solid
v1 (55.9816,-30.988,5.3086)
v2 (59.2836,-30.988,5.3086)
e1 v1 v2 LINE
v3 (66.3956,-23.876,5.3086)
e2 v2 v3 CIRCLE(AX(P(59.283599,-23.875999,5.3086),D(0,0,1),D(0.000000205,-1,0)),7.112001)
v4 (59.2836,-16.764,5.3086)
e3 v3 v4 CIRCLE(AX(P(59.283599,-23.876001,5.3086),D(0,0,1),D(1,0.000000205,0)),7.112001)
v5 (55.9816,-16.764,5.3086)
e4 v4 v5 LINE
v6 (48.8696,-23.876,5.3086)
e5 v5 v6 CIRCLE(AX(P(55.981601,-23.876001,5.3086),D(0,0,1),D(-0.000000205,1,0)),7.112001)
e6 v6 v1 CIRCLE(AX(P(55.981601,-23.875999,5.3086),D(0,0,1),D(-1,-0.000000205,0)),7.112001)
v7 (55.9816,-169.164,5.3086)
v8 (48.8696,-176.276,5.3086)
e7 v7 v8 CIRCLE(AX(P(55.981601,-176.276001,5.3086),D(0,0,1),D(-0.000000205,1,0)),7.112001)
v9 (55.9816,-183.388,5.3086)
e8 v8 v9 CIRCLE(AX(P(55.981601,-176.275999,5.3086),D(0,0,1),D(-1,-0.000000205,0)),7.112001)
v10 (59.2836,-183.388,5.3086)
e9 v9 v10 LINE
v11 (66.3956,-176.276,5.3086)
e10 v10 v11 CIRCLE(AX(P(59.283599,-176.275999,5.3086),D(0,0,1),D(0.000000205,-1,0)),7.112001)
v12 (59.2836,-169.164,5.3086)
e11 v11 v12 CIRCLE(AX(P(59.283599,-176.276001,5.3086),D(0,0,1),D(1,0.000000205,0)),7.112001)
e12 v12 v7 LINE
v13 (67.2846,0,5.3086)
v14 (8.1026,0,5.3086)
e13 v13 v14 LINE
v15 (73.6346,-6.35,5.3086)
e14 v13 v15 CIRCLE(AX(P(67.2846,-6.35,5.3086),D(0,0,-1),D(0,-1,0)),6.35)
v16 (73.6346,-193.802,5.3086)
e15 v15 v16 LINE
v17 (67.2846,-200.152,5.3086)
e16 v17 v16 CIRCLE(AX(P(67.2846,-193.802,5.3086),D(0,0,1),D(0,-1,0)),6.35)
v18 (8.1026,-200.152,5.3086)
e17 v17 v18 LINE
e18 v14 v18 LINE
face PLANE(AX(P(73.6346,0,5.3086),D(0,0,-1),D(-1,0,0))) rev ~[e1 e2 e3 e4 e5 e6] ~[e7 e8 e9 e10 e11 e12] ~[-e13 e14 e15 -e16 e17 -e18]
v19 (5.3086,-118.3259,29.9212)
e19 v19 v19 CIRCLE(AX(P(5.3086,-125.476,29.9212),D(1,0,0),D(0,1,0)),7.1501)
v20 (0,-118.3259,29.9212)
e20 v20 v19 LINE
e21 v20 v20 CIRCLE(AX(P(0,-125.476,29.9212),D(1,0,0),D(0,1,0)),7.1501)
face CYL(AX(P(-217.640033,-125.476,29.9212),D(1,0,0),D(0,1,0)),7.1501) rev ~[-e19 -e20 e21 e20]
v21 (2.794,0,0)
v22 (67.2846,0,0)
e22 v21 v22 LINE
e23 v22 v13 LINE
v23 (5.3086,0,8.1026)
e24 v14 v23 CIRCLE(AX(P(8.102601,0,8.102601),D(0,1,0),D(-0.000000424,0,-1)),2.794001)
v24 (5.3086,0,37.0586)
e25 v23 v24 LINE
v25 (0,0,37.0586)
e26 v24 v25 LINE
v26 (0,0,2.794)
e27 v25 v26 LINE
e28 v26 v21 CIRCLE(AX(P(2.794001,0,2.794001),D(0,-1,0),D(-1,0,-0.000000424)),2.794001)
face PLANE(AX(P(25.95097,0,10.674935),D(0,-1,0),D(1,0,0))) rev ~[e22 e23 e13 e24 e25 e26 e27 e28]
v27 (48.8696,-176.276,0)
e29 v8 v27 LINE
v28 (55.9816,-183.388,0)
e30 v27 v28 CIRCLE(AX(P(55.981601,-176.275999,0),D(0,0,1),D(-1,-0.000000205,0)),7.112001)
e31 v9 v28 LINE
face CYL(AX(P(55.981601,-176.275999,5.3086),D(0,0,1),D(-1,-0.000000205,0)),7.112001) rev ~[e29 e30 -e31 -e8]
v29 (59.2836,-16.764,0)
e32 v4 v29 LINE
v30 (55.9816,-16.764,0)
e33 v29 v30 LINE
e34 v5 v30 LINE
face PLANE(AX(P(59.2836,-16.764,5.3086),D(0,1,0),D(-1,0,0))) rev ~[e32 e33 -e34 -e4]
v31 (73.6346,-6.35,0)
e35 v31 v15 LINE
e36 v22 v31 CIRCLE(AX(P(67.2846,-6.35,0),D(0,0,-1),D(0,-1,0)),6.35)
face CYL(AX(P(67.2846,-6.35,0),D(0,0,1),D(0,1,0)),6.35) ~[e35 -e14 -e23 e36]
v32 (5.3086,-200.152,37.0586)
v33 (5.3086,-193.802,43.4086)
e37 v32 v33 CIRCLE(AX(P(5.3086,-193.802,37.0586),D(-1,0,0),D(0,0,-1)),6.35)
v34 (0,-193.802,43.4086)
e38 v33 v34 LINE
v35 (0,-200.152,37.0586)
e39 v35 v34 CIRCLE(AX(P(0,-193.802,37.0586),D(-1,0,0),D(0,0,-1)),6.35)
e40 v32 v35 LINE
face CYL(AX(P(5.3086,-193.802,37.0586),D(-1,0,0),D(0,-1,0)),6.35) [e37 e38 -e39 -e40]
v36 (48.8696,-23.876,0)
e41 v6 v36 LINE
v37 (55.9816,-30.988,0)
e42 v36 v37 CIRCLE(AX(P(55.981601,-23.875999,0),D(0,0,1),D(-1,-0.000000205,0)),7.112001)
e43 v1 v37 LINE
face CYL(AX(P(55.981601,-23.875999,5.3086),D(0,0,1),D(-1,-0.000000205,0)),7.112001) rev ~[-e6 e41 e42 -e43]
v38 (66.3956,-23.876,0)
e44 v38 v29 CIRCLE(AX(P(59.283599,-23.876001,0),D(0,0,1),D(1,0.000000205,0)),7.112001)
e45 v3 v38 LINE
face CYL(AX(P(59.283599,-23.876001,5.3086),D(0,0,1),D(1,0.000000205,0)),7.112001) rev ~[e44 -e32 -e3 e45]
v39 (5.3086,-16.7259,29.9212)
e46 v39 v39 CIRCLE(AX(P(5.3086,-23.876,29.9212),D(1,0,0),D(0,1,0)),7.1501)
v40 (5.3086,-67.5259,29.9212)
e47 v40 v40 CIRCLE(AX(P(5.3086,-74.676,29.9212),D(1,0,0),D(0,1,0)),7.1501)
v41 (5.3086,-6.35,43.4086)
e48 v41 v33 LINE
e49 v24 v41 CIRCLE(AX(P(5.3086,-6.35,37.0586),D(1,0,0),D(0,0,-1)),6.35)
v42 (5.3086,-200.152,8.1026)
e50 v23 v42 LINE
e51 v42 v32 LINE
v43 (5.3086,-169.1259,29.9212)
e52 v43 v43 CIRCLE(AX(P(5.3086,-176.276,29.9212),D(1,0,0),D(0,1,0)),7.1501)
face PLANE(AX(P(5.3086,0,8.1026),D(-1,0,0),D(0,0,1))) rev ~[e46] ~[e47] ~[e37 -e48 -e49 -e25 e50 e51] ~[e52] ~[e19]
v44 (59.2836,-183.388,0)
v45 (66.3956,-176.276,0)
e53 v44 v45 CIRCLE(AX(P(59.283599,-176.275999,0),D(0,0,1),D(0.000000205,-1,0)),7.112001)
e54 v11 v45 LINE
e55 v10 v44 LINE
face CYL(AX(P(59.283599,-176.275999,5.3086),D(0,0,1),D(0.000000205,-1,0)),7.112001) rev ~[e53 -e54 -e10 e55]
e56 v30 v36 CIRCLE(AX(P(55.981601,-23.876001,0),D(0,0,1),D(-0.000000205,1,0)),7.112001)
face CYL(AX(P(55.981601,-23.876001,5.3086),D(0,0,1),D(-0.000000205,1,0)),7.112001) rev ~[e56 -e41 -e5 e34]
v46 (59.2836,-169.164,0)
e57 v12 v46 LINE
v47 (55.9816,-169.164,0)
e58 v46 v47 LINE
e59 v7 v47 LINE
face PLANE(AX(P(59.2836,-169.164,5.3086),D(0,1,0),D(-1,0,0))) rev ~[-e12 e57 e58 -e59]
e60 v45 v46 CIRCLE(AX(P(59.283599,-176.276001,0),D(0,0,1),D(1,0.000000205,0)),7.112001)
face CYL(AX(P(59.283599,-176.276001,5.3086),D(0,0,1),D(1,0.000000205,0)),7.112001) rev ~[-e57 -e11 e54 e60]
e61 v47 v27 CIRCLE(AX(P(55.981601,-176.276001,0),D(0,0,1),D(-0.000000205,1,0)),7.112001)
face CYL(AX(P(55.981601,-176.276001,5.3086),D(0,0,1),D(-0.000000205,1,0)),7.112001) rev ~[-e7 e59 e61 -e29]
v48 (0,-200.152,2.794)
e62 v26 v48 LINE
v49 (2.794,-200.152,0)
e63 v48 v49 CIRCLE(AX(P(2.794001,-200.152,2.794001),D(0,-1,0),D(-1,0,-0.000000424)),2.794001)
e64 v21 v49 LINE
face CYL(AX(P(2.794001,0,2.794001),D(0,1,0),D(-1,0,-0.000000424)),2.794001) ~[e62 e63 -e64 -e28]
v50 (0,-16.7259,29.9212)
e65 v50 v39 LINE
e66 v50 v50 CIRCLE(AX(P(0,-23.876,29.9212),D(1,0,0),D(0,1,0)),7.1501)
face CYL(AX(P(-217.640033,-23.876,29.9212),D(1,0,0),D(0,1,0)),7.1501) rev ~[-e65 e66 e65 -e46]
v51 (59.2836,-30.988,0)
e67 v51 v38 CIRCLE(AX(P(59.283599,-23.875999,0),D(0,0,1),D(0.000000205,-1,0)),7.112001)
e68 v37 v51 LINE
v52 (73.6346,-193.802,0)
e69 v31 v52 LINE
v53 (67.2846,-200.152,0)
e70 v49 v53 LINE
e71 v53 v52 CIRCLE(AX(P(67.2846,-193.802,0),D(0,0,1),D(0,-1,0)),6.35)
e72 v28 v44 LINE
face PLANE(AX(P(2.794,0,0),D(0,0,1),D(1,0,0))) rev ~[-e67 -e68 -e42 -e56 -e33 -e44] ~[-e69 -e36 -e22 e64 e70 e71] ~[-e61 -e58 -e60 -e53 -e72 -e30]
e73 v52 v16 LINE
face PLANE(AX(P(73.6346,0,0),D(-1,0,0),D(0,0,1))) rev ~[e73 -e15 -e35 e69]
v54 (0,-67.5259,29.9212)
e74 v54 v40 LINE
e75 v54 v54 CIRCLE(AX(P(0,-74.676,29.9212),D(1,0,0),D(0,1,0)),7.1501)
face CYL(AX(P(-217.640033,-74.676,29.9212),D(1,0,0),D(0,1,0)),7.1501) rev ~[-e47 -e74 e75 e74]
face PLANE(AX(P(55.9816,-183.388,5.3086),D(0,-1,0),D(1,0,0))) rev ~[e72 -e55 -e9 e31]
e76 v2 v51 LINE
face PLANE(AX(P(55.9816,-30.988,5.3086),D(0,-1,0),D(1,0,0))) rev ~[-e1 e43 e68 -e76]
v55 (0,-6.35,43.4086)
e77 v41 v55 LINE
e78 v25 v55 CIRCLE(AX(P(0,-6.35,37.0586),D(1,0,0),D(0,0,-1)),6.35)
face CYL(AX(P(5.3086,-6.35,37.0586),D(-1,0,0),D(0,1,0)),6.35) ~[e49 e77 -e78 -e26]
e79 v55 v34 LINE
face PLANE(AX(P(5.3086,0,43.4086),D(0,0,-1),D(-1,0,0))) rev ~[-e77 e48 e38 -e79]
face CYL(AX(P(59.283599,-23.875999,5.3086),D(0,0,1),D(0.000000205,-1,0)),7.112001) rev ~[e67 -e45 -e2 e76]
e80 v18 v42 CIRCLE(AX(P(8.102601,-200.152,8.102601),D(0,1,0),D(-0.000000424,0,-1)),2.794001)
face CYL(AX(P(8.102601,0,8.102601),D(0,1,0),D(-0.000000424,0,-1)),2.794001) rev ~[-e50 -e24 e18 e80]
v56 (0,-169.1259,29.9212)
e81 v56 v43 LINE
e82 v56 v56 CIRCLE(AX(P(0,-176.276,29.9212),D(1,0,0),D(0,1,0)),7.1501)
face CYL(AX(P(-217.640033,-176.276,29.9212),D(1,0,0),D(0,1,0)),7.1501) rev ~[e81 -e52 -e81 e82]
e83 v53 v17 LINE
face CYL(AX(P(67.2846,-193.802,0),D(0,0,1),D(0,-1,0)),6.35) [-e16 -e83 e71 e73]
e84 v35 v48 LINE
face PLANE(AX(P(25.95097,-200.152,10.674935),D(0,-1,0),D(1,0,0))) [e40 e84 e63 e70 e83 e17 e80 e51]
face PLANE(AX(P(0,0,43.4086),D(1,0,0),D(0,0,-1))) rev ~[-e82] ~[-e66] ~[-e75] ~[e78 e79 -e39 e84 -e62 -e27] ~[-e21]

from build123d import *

# Parameters (mm, degrees)
F1_DEPTH = 200.152
F3_D     = 14.3002
F4_R     = 6.35
F6_DEPTH = 25.4


with BuildPart() as f1:
    # F0 (on Front) → F1 (new body)
    with BuildSketch(Plane.XZ):
        with BuildLine():
            ThreePointArc((0, 2.794), (0.818344, 0.818344), (2.794, 0))
            Line((2.794, 0), (73.6346, 0))
            Line((73.6346, 0), (73.6346, 5.3086))
            Line((73.6346, 5.3086), (8.1026, 5.3086))
            ThreePointArc((8.1026, 5.3086), (6.126944, 6.126944), (5.3086, 8.1026))
            Line((5.3086, 8.1026), (5.3086, 43.4086))
            Line((5.3086, 43.4086), (0, 43.4086))
            Line((0, 43.4086), (0, 2.794))
        make_face()
    extrude(amount=F1_DEPTH)

    # F3 (through all)
    with Locations(Plane(origin=(0, 0, 0), x_dir=(0, -1, 0), z_dir=(-1, 0, 0))):
        with Locations((23.876, 29.9212), (74.676, 29.9212), (125.476, 29.9212), (176.276, 29.9212)):
            Hole(F3_D / 2)

    # F4
    f4_edges = [f1.edges().sort_by_distance(p)[0] for p in [
        (2.6543, 0, 43.4086),
        (73.6346, 0, 2.6543),
        (73.6346, -200.152, 2.6543),
        (2.6543, -200.152, 43.4086),
    ]]
    fillet(f4_edges, radius=F4_R)

    # F5 (on face) → F6 (cut)
    with BuildSketch(Plane.XY.offset(5.3086)):
        with BuildLine():
            ThreePointArc((66.3956, -23.876), (64.312543, -18.847057), (59.2836, -16.764))
            Line((59.2836, -16.764), (55.9816, -16.764))
            ThreePointArc((55.9816, -16.764), (50.952657, -18.847057), (48.8696, -23.876))
            ThreePointArc((48.8696, -23.876), (50.952657, -28.904943), (55.9816, -30.988))
            Line((55.9816, -30.988), (59.2836, -30.988))
            ThreePointArc((59.2836, -30.988), (64.312543, -28.904943), (66.3956, -23.876))
        make_face()
        with BuildLine():
            ThreePointArc((66.3956, -176.276), (64.312543, -171.247057), (59.2836, -169.164))
            Line((59.2836, -169.164), (55.9816, -169.164))
            ThreePointArc((55.9816, -169.164), (50.952657, -171.247057), (48.8696, -176.276))
            ThreePointArc((48.8696, -176.276), (50.952657, -181.304943), (55.9816, -183.388))
            Line((55.9816, -183.388), (59.2836, -183.388))
            ThreePointArc((59.2836, -183.388), (64.312543, -181.304943), (66.3956, -176.276))
        make_face()
    extrude(amount=-F6_DEPTH, mode=Mode.SUBTRACT)


solid = f1.part
